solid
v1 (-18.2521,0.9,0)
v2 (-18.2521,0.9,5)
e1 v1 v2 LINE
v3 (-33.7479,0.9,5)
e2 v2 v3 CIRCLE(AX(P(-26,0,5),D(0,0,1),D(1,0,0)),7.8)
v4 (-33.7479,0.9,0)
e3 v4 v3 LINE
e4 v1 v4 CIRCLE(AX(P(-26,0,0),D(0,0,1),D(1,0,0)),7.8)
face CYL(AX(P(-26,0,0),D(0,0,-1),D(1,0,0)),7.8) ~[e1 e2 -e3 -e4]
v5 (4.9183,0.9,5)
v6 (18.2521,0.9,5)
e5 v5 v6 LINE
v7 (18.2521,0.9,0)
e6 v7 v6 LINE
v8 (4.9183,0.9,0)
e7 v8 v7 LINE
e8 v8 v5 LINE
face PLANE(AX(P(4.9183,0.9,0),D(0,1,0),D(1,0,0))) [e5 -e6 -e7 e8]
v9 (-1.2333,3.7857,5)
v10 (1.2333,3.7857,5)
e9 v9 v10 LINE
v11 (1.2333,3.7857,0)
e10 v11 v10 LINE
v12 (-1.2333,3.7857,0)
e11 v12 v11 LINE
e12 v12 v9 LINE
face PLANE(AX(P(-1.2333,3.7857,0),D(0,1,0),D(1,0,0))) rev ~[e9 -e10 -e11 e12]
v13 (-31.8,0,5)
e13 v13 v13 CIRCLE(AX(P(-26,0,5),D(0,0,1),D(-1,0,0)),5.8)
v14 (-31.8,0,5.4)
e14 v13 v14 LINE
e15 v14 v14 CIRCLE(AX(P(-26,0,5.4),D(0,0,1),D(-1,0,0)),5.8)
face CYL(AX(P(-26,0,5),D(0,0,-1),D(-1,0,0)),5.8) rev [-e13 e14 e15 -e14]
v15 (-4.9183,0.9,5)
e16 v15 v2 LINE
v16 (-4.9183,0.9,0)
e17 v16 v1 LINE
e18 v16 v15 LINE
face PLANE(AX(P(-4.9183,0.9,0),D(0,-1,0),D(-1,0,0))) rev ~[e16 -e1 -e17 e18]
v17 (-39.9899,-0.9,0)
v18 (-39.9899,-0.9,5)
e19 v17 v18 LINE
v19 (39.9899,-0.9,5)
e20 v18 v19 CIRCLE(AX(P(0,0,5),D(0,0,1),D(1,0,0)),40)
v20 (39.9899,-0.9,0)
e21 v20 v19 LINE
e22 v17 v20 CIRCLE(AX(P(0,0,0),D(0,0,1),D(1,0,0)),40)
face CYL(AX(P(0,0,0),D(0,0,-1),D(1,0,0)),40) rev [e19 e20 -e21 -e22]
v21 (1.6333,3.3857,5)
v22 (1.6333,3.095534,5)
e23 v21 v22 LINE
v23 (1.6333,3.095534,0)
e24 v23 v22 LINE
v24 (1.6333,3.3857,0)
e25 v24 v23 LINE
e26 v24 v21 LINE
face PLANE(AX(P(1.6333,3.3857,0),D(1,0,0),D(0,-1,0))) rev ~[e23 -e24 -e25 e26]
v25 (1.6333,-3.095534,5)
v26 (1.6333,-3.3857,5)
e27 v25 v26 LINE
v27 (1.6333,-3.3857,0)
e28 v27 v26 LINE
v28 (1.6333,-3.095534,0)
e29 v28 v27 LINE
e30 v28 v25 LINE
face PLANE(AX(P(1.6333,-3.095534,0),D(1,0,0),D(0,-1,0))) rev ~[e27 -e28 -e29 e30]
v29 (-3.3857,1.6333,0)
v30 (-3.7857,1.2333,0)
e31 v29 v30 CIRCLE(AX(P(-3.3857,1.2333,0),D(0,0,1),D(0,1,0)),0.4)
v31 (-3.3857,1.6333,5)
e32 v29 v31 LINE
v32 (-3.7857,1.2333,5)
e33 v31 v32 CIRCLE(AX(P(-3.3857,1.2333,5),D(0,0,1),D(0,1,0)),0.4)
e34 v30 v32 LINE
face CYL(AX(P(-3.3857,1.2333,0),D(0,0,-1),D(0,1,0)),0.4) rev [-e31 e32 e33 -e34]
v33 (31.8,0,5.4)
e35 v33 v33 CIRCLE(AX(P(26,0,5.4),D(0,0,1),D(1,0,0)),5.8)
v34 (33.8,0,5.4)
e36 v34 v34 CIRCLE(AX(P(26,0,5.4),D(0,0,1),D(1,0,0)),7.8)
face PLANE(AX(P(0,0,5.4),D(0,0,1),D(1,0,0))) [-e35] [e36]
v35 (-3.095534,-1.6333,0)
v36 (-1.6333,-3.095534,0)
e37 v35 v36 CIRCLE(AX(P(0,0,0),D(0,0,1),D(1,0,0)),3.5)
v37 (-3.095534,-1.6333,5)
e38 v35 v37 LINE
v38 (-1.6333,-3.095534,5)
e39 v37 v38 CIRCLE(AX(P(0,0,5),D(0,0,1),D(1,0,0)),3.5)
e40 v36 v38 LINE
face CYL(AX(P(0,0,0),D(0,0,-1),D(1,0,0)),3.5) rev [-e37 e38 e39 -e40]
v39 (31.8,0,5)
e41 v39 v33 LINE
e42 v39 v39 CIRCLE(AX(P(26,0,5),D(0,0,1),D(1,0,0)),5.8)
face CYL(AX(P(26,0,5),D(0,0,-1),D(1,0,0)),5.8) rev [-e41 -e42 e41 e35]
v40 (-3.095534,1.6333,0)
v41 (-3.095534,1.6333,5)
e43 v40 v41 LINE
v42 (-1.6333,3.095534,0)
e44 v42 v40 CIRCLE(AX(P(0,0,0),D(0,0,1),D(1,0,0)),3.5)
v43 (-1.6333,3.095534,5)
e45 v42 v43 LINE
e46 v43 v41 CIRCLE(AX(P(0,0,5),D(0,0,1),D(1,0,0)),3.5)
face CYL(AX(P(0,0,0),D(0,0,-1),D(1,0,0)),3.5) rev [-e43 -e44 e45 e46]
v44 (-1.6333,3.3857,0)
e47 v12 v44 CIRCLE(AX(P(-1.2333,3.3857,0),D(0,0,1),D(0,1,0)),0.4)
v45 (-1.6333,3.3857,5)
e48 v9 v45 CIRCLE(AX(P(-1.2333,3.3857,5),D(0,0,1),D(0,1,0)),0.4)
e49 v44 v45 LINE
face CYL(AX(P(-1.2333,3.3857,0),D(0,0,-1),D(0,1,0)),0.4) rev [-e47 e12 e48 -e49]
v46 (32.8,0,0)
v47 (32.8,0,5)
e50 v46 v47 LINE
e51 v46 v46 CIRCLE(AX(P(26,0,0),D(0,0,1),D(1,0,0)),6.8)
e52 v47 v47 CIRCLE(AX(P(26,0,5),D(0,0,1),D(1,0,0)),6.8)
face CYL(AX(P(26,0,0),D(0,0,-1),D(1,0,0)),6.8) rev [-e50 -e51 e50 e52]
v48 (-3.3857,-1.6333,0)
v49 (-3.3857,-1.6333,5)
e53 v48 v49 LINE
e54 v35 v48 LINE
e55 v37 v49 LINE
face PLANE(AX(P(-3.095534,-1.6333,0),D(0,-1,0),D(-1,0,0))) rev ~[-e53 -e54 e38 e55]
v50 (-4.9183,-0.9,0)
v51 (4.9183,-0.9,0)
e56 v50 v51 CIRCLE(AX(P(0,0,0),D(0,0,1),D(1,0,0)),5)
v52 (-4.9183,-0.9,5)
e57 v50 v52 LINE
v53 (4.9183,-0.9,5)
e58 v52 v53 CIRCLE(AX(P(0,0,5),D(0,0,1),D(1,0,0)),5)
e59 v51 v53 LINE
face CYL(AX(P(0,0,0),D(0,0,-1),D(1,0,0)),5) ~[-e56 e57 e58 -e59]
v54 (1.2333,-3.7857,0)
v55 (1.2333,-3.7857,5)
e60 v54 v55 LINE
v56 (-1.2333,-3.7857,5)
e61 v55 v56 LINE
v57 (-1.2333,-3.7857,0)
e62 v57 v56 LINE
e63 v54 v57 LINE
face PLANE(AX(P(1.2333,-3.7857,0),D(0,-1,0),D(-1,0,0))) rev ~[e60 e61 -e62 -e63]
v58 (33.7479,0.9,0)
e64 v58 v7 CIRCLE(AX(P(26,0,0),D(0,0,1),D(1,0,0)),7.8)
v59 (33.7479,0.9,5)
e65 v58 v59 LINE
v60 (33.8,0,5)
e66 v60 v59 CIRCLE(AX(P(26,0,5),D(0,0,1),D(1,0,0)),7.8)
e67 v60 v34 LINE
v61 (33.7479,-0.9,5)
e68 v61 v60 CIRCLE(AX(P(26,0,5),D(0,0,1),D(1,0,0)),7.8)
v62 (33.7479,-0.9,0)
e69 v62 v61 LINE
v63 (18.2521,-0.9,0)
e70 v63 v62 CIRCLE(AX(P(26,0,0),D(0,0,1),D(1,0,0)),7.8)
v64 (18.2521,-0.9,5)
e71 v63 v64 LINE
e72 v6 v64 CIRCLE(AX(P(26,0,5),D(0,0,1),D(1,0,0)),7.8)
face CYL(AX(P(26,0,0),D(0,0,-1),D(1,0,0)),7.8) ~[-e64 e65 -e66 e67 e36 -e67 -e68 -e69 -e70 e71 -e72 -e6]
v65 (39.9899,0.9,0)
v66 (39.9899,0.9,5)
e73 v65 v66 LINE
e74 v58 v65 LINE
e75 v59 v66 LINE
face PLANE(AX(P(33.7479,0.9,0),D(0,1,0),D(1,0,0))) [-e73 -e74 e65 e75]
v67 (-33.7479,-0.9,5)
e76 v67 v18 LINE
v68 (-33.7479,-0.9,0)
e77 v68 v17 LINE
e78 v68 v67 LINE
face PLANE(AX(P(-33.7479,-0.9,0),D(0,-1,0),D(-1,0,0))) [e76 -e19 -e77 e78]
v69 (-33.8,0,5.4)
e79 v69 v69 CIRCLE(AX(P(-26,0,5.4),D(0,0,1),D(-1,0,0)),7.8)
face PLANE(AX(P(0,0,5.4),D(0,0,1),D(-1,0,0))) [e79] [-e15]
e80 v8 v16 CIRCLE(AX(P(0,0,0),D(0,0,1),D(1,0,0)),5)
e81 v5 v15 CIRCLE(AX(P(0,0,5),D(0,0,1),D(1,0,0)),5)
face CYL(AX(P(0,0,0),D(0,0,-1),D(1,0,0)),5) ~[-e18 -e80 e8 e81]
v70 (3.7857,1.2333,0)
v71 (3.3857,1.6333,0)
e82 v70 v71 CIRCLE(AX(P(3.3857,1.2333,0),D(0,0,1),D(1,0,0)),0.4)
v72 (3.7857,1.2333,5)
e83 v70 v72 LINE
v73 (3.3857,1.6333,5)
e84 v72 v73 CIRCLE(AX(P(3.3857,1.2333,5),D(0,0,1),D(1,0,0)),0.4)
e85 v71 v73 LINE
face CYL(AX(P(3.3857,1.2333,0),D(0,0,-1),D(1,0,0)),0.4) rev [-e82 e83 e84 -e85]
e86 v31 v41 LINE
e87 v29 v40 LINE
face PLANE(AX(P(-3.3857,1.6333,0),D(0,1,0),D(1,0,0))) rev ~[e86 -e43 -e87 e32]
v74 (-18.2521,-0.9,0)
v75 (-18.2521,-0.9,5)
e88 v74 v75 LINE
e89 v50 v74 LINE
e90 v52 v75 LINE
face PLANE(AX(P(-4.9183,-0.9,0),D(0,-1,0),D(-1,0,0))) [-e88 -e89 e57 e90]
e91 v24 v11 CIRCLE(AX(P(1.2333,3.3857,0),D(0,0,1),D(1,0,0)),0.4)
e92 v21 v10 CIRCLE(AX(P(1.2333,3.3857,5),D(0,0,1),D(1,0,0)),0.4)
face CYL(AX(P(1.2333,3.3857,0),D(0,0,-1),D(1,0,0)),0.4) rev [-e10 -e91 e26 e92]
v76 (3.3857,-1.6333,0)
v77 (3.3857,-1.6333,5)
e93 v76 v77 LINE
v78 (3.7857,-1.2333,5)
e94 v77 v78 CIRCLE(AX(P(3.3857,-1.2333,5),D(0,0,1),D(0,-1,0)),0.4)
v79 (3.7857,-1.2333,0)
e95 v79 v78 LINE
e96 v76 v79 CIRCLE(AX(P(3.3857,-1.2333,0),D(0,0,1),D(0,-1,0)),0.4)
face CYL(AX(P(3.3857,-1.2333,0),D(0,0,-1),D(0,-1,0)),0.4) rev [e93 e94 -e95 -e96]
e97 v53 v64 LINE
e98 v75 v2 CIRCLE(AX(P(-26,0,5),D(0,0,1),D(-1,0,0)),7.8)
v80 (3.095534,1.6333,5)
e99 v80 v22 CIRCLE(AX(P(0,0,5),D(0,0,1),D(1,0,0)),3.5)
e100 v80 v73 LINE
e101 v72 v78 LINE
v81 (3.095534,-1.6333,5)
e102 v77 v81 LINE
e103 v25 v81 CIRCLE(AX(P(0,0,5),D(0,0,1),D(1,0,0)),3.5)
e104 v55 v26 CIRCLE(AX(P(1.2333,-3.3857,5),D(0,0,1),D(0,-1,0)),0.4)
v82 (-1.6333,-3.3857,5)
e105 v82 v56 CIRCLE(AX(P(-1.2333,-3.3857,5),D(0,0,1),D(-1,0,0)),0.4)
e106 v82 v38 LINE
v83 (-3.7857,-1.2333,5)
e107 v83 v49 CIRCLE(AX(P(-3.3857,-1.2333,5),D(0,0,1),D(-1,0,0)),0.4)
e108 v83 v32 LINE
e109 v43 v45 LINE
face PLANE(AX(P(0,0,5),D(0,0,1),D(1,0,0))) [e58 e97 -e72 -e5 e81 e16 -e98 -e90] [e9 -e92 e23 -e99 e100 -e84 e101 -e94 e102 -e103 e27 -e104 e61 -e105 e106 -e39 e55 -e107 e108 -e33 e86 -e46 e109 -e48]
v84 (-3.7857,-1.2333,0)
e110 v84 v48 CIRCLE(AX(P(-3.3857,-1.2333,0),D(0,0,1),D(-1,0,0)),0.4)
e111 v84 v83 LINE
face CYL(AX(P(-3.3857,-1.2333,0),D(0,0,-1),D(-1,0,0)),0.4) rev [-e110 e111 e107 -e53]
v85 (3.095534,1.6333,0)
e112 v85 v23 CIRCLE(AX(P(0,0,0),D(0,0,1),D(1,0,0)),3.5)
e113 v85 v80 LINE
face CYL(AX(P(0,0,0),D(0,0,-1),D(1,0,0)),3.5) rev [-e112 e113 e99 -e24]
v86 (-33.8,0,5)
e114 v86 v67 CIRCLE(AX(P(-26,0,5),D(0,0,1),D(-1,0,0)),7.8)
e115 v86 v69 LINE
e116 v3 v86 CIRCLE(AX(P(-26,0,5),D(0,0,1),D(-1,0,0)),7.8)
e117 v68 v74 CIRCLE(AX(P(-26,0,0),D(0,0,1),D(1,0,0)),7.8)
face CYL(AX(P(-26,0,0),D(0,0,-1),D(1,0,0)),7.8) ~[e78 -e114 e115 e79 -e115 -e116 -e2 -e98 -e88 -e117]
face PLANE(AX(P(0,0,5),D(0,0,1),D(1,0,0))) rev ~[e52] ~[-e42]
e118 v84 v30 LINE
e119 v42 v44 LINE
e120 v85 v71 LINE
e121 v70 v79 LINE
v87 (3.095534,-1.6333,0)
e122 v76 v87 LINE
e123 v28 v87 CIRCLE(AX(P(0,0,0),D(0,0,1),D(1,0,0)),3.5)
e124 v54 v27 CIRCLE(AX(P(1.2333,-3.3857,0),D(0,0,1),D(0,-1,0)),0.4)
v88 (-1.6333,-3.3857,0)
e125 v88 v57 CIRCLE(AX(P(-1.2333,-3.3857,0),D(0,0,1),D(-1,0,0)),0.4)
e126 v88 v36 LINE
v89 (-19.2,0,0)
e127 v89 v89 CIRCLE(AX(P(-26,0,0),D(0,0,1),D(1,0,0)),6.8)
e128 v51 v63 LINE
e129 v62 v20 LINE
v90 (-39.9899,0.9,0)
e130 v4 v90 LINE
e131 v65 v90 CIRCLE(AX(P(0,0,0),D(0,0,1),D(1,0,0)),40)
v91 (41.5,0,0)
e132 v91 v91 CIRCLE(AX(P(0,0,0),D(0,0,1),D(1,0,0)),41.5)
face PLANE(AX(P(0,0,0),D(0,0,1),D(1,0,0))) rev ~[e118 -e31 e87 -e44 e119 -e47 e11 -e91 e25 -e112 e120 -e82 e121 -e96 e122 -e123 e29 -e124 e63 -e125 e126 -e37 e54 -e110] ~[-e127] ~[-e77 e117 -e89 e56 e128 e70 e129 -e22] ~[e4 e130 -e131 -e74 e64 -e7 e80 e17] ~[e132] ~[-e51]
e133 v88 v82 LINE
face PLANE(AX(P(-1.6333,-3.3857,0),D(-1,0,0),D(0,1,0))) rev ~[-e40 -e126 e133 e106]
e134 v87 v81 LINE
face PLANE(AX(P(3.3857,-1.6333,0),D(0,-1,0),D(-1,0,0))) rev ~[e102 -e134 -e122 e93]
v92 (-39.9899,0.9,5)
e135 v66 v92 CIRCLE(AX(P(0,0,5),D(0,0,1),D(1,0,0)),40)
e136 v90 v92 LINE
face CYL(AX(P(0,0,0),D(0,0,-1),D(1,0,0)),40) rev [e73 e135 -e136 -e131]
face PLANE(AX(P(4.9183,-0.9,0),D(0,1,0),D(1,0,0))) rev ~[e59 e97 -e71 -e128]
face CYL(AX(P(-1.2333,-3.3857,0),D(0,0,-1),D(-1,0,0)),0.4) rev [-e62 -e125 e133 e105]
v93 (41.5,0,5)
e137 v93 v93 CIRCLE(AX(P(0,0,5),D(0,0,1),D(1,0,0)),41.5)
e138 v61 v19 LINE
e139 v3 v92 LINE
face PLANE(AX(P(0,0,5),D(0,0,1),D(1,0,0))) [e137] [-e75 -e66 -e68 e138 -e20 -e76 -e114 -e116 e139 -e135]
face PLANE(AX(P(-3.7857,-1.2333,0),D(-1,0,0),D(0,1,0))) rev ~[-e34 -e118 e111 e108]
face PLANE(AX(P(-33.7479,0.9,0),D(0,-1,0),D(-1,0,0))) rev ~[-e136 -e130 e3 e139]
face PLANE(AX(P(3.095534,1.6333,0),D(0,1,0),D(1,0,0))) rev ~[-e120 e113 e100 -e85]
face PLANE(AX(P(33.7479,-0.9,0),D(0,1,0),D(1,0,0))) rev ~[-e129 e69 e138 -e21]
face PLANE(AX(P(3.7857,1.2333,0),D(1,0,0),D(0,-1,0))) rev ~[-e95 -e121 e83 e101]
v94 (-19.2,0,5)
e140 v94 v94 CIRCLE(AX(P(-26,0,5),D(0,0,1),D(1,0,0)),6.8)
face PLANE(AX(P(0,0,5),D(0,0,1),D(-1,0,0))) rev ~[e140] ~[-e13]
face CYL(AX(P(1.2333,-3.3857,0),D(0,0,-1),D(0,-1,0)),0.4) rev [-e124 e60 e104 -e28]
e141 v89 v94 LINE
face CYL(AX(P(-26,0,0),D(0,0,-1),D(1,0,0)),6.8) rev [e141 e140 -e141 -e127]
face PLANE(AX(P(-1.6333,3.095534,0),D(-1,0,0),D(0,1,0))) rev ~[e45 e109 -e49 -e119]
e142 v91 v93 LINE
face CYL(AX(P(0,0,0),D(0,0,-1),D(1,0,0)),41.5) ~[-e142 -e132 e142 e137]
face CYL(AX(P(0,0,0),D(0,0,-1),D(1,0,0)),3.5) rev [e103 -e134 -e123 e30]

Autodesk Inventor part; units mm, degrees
ref_plane "YZ Plane" through (0, 0, 0) normal (1, 0, 0) x (0, 1, 0)
ref_plane "XZ Plane" through (0, 0, 0) normal (0, 1, 0) x (-1, 0, 0)
ref_plane "XY Plane" through (0, 0, 0) normal (0, 0, 1) x (1, 0, 0)
sketch "Sketch1" plane through (0, 0, 0) normal (0, 0, 1) x (1, 0, 0)
  circle A0 centre (0, 0) radius 40
  circle A1 centre (0, 0) radius 41.5
  circle A2 centre (0, 0) radius 3.5
  circle A3 centre (0, 0) radius 5
  circle A4 centre (26, 0) radius 6.8
  circle A5 centre (26, 0) radius 7.8
  line L0 (0, 0) -> (43.8957, 0) construction
  line L1 (4.9183, 0.9) -> (18.2521, 0.9)
  line L2 (33.7479, 0.9) -> (39.9899, 0.9)
  line L3 (4.9183, -0.9) -> (18.2521, -0.9)
  line L4 (33.7479, -0.9) -> (39.9899, -0.9)
  line L5 (-4.9183, -0.9) -> (-18.2521, -0.9)
  line L6 (-4.9183, 0.9) -> (-18.2521, 0.9)
  circle A6 centre (-26, 0) radius 7.8
  circle A7 centre (-26, 0) radius 6.8
  line L7 (-33.7479, 0.9) -> (-39.9899, 0.9)
  line L8 (-33.7479, -0.9) -> (-39.9899, -0.9)
  line L9 (1.2333, -3.7857) -> (-1.2333, -3.7857)
  line L10 (-1.6333, -3.3857) -> (-1.6333, 3.3857)
  line L11 (-1.2333, 3.7857) -> (1.2333, 3.7857)
  line L12 (1.6333, 3.3857) -> (1.6333, -3.3857)
  line L13 (1.6333, -3.7857) -> (-1.6333, 3.7857) construction
  line L14 (-1.6333, -3.7857) -> (1.6333, 3.7857) construction
  arc A8 (-1.2333, 3.7857) -> (-1.6333, 3.3857) centre (-1.2333, 3.3857) ccw
  arc A9 (1.6333, 3.3857) -> (1.2333, 3.7857) centre (1.2333, 3.3857) ccw
  arc A10 (1.2333, -3.7857) -> (1.6333, -3.3857) centre (1.2333, -3.3857) ccw
  arc A11 (-1.6333, -3.3857) -> (-1.2333, -3.7857) centre (-1.2333, -3.3857) ccw
  line L15 (3.3857, -1.6333) -> (-3.3857, -1.6333)
  line L16 (-3.7857, -1.2333) -> (-3.7857, 1.2333)
  line L17 (-3.3857, 1.6333) -> (3.3857, 1.6333)
  line L18 (3.7857, 1.2333) -> (3.7857, -1.2333)
  line L19 (3.7857, -1.6333) -> (-3.7857, 1.6333) construction
  line L20 (-3.7857, -1.6333) -> (3.7857, 1.6333) construction
  arc A12 (-3.3857, 1.6333) -> (-3.7857, 1.2333) centre (-3.3857, 1.2333) ccw
  arc A13 (3.7857, 1.2333) -> (3.3857, 1.6333) centre (3.3857, 1.2333) ccw
  arc A14 (3.3857, -1.6333) -> (3.7857, -1.2333) centre (3.3857, -1.2333) ccw
  arc A15 (-3.7857, -1.2333) -> (-3.3857, -1.6333) centre (-3.3857, -1.2333) ccw
  point P0 (-4.9183, -0.9)
  point P1 (4.9183, -0.9)
  point P2 (-1.6333, -3.0955)
  point P3 (-1.6333, 3.0955)
  point P4 (1.6333, 3.0955)
  point P5 (1.6333, -3.0955)
  point P6 (-4.9183, 0.9)
  point P7 (-33.7479, 0.9)
  point P8 (-3.0955, -1.6333)
  point P9 (-3.0955, 1.6333)
  point P10 (3.0955, 1.6333)
  point P11 (3.0955, -1.6333)
  dimension "d0" = 80
  dimension "d3" = 10
  dimension "d1" = 83
  dimension "d2" = 7
  dimension "d4" = 13.6
  dimension "d5" = 26
  dimension "d6" = 15.6
  dimension "d10" = 0.9
  dimension "d11" = 0.9
  dimension "d14" = 360
  dimension "d16" = 7.5714
  dimension "d17" = 3.2667
  dimension "d18" = 0.4
  dimension "d29" = 7.5714
  dimension "d30" = 3.2667
  dimension "d31" = 0.4
extrude "Extrusion1" add sketch "Sketch1" along normal blind 5 contours A0 L4 A5 L2 | L7 A6 L8 A0 | A5 | A6 | A5 L3 A3 L1 | L6 A3 L5 A6 | A3 | A1
sketch "Sketch3" plane through (0, 0, 5) normal (0, 0, 1) x (1, 0, 0)
  circle A0 centre (26, 0) radius 6.8 projected
  circle A1 centre (26, 0) radius 5.8
  circle A2 centre (26, 0) radius 7.8
  point P0 (0, 0)
  dimension "d32" = 11.6
  dimension "d33" = 15.6
extrude "Extrusion3" add sketch "Sketch3" along normal blind 0.4 contours A0 | A2
pattern_circular "Circular Pattern1" count 2 over 360 about axis through (0, 0, 0) along (0, 0, 1) of "Extrusion3"
equation "\"d0\" = D_yttreRing_i"
equation "\"d3\" = D_axel + d_axelRing"
equation "\"d1\" = D_yttreRing_i + d_yttreRing"
equation "\"d2\" = D_axel"
equation "\"d4\" = D_magnet + d_toleransMagnetHållarRing"
equation "\"d5\" = l_magnetHållarRingFrånOrigo"
equation "\"d6\" = d_toleransMagnetHållarRing + D_magnet + d_magnetHållarRing"
equation "\"d10\" = 0.5 * d_stöttor"
equation "\"d11\" = 0.5 * d_stöttor"
equation "\"d18\" = r_filletAxel"
equation "\"d31\" = r_filletAxel"
equation "\"d19\" = h_höjdMagnetRotor"
equation "\"d32\" = D_magnet - d_magnetSkydd"
equation "\"d33\" = d_toleransMagnetHållarRing + D_magnet + d_magnetHållarRing"
equation "\"d34\" = h_magnetSkydd"
equation "\"D_yttreRing_i\" = 80"
equation "\"d_yttreRing\" = 3"
equation "\"D_magnet\" = 13"
equation "\"D_axel\" = 7"
equation "\"d_axelRing\" = 3"
equation "\"h_höjdMagnetRotor\" = 5"
equation "\"d_stöttor\" = 1.8"
equation "\"d_toleransMagnetHållarRing\" = 0.6"
equation "\"d_magnetHållarRing\" = 2"
equation "\"l_magnetHållarRingFrånOrigo\" = 26"
equation "\"r_filletAxel\" = 0.4"
equation "\"h_magnetSkydd\" = 0.4"
equation "\"d_magnetSkydd\" = 1.4"
properties part number "Magnet_rotor_parametriserad_02"
